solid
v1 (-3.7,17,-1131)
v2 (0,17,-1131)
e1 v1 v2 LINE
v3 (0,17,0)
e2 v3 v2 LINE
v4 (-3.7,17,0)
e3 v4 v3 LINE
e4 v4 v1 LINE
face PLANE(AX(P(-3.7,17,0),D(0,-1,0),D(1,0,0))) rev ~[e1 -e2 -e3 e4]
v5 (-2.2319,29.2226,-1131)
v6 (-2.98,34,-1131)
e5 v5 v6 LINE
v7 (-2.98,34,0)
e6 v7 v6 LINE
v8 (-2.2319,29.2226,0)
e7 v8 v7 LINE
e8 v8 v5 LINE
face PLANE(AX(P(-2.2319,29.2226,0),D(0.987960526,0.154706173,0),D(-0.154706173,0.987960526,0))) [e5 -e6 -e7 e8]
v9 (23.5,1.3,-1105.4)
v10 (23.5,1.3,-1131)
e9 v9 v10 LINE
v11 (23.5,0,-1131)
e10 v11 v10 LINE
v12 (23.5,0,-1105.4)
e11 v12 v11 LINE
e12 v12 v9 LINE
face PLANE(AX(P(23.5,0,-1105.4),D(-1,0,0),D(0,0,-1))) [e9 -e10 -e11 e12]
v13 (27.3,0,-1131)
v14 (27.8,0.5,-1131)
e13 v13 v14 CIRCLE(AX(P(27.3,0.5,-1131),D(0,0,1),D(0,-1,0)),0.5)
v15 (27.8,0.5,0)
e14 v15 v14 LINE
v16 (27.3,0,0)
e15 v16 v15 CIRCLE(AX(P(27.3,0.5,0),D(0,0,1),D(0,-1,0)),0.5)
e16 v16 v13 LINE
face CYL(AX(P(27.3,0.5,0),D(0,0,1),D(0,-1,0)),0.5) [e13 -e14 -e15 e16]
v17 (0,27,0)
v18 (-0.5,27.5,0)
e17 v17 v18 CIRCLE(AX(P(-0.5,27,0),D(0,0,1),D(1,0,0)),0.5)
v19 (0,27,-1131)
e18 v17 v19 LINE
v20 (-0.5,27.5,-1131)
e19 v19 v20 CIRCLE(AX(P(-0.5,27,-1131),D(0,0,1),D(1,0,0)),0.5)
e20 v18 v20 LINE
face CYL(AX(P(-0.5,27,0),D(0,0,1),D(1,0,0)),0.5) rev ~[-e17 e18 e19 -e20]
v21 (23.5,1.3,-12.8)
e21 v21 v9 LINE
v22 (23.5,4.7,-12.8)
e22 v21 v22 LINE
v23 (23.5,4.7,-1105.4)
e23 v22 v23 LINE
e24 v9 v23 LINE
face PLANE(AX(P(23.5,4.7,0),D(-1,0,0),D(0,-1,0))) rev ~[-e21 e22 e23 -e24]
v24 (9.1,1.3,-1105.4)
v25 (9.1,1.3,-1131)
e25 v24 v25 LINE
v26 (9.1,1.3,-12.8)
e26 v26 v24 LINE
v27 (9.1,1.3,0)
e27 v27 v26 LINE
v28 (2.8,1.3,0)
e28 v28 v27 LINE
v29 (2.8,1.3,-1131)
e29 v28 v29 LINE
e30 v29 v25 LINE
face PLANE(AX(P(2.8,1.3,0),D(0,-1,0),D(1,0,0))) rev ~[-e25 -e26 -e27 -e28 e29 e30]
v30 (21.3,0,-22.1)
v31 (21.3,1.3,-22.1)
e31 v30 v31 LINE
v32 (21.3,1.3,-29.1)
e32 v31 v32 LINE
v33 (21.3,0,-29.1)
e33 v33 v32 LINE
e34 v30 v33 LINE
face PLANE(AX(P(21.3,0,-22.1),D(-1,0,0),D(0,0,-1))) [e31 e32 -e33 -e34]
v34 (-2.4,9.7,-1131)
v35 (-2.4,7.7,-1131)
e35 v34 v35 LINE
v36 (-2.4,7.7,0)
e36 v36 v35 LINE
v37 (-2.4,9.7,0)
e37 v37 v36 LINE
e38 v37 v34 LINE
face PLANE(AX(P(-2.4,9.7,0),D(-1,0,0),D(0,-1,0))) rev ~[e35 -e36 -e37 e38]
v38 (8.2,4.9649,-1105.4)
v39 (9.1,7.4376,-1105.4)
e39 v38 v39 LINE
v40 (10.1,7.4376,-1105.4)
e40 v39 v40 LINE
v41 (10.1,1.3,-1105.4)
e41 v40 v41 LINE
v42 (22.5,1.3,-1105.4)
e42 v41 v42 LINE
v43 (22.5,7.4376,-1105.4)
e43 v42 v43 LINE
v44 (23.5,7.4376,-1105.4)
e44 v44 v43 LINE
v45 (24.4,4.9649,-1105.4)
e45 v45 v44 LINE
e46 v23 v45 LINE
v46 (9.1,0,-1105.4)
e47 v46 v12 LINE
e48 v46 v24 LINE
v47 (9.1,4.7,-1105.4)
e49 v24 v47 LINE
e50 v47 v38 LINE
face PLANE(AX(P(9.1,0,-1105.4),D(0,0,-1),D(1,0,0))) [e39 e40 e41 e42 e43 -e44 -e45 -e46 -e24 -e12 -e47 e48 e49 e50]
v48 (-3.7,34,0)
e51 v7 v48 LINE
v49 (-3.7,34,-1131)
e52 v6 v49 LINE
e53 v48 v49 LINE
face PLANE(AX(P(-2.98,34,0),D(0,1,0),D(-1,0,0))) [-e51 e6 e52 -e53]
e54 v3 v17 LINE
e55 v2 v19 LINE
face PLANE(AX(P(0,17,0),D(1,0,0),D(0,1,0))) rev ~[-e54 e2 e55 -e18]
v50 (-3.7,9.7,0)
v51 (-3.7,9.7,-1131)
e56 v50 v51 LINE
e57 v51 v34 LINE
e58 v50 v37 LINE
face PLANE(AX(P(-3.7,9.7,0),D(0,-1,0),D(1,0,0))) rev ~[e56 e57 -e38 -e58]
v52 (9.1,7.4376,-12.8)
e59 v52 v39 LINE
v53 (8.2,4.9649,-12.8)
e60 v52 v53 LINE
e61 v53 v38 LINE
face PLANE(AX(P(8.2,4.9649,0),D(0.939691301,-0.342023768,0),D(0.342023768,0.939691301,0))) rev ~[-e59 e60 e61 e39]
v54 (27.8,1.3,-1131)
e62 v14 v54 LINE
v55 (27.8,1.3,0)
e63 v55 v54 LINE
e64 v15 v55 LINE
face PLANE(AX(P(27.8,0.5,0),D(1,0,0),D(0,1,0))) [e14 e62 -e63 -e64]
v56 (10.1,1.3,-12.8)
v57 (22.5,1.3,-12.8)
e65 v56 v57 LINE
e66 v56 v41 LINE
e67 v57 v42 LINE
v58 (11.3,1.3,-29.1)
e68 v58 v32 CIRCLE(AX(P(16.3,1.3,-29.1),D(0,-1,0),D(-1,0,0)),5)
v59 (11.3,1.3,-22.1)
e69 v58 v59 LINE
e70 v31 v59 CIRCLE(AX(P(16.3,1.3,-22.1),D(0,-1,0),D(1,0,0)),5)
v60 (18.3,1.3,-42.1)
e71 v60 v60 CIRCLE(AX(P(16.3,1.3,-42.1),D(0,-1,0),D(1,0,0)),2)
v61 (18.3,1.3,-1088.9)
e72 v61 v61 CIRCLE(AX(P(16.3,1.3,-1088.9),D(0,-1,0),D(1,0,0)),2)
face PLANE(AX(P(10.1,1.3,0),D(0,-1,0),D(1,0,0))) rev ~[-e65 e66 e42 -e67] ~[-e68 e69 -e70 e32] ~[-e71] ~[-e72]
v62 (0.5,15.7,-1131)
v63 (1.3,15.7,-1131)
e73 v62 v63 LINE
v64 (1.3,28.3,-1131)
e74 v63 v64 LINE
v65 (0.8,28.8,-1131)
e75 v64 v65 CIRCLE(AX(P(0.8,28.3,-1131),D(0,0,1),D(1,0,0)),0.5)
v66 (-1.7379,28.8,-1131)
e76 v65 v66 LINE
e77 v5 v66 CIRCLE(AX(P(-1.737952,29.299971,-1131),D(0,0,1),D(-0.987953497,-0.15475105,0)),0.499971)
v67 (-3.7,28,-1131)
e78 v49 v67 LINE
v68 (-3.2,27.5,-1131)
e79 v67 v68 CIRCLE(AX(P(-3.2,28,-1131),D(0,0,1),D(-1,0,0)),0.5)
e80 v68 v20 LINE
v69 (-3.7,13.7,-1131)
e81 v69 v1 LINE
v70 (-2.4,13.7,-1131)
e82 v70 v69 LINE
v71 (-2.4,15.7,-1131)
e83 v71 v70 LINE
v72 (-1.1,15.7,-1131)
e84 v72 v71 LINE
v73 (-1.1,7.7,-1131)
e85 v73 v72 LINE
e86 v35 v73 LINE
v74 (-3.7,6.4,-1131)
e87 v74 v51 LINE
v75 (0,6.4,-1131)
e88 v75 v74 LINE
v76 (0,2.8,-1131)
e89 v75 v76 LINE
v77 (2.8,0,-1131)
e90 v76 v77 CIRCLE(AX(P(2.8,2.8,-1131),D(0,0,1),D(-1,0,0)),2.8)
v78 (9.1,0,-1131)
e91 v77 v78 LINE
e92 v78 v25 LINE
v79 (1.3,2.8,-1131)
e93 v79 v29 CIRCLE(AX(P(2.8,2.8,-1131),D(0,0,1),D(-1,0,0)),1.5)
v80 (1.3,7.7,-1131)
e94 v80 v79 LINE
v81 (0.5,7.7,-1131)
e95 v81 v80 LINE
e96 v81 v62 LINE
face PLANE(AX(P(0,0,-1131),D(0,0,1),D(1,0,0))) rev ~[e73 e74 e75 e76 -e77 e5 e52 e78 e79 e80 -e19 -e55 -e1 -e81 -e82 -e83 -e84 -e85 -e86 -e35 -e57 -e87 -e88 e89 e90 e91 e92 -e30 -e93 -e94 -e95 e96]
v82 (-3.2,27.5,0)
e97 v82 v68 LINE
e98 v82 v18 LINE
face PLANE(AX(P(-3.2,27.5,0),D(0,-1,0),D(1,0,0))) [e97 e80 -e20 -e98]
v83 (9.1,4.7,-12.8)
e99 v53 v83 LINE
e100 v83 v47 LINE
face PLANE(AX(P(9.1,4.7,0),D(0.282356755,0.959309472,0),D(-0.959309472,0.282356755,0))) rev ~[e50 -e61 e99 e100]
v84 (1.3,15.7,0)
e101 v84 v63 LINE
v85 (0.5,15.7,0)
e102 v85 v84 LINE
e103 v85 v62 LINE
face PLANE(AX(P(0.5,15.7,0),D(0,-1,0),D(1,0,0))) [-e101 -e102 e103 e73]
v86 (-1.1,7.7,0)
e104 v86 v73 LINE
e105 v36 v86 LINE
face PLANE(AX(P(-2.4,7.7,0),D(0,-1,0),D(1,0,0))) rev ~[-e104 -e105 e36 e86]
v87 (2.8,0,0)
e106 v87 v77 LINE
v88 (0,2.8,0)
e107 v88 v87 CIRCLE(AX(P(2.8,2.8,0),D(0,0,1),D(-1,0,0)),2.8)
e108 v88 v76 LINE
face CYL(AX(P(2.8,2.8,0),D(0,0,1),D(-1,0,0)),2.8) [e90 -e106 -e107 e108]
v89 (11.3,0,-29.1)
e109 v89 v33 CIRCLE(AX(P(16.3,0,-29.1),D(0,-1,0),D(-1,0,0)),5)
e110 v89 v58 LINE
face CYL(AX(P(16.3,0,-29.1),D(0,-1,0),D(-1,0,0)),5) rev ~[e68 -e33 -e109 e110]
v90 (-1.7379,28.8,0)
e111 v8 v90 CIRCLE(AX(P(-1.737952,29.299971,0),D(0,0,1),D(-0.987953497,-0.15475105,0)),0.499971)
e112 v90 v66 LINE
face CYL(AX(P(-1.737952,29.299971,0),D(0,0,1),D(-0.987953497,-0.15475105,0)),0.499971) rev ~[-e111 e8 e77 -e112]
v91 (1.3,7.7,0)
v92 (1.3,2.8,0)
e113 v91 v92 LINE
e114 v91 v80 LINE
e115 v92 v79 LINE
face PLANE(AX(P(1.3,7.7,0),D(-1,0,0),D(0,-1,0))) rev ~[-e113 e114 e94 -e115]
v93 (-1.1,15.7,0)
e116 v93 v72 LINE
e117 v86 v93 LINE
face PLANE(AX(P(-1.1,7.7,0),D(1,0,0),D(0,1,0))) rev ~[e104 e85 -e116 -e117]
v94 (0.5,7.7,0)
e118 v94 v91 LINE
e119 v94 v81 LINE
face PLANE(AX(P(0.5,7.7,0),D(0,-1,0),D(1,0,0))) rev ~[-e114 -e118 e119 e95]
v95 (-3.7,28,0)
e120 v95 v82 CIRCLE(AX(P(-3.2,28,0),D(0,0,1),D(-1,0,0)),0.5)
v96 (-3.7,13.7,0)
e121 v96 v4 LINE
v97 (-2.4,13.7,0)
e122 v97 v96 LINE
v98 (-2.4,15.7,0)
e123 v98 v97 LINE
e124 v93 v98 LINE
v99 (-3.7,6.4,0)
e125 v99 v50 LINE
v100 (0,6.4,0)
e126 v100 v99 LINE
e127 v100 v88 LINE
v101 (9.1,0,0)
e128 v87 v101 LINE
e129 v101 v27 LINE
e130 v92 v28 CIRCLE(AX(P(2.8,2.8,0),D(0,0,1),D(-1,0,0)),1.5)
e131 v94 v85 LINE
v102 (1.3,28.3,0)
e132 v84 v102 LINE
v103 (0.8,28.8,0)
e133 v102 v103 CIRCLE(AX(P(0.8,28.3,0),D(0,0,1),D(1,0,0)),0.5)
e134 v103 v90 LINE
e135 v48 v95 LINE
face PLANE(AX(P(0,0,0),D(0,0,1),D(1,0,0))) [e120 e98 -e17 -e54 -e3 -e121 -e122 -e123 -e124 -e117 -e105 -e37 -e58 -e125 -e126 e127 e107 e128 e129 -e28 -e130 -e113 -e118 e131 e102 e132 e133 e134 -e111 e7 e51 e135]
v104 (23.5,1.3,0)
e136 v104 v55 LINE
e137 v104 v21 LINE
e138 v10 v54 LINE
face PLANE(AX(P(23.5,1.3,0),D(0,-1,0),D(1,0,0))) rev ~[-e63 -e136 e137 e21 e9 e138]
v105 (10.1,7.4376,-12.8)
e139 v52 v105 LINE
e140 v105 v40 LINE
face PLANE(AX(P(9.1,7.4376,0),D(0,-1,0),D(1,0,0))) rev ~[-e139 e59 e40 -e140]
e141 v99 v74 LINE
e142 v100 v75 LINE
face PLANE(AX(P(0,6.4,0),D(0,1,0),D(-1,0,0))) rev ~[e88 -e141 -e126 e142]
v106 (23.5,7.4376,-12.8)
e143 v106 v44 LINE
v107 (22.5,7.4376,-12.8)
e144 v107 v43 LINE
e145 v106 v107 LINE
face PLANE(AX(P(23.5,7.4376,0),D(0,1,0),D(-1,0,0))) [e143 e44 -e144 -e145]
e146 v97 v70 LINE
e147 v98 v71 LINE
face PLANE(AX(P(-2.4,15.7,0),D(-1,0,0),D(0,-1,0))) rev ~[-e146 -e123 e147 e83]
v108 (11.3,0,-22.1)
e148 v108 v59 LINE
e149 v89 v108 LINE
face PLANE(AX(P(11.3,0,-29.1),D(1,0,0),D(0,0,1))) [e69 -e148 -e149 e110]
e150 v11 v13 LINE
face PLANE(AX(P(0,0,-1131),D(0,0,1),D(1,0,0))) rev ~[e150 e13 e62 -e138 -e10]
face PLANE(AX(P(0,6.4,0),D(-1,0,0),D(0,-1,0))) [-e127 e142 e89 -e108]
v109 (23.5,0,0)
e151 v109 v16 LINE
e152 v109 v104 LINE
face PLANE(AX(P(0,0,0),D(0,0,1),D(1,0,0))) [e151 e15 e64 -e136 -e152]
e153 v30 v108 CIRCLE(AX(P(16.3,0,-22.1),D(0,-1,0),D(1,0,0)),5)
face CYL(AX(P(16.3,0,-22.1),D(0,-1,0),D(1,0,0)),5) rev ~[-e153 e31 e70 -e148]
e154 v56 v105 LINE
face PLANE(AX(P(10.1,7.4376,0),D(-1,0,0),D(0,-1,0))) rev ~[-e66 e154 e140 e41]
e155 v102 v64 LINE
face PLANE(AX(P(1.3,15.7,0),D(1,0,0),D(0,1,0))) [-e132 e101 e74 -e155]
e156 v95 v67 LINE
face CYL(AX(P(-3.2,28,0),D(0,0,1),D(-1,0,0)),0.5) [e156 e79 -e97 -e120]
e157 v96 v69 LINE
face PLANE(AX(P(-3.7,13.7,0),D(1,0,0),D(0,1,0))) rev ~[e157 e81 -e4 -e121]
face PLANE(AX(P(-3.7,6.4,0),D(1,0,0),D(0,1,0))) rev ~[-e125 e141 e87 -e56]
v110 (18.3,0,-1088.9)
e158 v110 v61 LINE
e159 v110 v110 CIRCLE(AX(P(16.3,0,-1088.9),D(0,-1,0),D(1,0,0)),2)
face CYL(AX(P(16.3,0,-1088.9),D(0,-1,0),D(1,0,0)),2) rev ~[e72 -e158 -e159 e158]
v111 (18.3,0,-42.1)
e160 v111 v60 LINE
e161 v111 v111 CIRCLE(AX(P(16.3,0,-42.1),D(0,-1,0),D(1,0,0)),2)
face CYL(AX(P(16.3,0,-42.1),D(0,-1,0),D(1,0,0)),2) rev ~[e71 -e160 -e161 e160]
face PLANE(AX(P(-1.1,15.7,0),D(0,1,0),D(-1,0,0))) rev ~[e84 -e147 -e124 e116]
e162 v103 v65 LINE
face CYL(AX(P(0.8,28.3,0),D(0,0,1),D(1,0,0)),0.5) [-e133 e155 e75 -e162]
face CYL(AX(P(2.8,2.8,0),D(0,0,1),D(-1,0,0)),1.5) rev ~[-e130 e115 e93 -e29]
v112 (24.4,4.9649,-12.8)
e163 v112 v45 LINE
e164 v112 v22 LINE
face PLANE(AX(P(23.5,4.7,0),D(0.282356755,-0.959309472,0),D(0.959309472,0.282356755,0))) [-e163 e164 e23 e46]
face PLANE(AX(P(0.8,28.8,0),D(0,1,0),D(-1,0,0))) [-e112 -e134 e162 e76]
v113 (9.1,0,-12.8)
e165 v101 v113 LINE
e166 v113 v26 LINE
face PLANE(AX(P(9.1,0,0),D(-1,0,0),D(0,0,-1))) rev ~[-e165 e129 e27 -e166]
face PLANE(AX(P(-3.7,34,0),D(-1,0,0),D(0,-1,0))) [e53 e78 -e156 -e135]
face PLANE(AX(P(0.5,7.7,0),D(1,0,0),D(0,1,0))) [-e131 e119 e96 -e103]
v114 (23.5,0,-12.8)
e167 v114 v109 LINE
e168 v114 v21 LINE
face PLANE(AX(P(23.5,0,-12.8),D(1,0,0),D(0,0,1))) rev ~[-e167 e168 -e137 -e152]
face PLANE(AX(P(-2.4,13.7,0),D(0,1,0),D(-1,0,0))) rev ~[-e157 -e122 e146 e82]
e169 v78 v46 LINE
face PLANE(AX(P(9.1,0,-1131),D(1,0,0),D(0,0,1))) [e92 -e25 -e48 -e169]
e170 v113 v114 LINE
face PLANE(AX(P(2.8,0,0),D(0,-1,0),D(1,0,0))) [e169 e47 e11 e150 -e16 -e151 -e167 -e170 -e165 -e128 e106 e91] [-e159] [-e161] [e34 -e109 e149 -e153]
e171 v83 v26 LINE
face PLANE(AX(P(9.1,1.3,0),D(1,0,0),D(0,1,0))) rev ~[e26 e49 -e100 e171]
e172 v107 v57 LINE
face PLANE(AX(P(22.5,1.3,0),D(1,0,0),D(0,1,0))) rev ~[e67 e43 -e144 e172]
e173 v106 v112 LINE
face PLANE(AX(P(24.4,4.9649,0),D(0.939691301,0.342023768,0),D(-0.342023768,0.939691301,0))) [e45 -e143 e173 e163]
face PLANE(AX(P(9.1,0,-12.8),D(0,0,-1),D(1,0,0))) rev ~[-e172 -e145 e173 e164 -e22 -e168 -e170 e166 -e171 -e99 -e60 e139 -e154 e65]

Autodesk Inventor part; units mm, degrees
ref_plane "YZ Plane" through (0, 0, 0) normal (1, 0, 0) x (0, 1, 0)
sketch "Boceto1" plane through (0, 0, 0) normal (0, 0, 1) x (1, 0, 0)
  line L0 (2.8, 0) -> (27.3, 0)
  line L1 (27.8, 0.5) -> (27.8, 1.3)
  line L2 (0.5, 7.7) -> (1.3, 7.7)
  line L3 (0.5, 7.7) -> (0.5, 15.7)
  line L4 (0.5, 15.7) -> (1.3, 15.7)
  line L5 (1.3, 15.7) -> (1.3, 28.3)
  line L6 (0, 6.4) -> (-3.7, 6.4)
  line L7 (-3.7, 6.4) -> (-3.7, 9.7)
  line L8 (-3.7, 9.7) -> (-2.4, 9.7)
  line L9 (-2.4, 9.7) -> (-2.4, 7.7)
  line L10 (-2.4, 7.7) -> (-1.1, 7.7)
  line L11 (-1.1, 7.7) -> (-1.1, 15.7)
  line L12 (-1.1, 15.7) -> (-2.4, 15.7)
  line L13 (-2.4, 15.7) -> (-2.4, 13.7)
  line L14 (-2.4, 13.7) -> (-3.7, 13.7)
  line L15 (-3.7, 13.7) -> (-3.7, 17)
  line L16 (-3.7, 17) -> (0, 17)
  line L17 (0, 17) -> (0, 27)
  line L18 (0, 6.4) -> (0, 2.8)
  line L19 (0.8, 28.8) -> (-1.7379, 28.8)
  line L20 (-2.2319, 29.2226) -> (-2.98, 34)
  line L21 (-2.98, 34) -> (-3.7, 34)
  line L22 (-3.7, 34) -> (-3.7, 28)
  line L23 (-3.2, 27.5) -> (-0.5, 27.5)
  line L24 (1.3, 7.7) -> (1.3, 2.8)
  line L25 (9.1, 1.3) -> (9.1, 4.7)
  line L26 (10.1, 7.4376) -> (10.1, 1.3)
  line L27 (22.5, 1.3) -> (22.5, 7.4376)
  line L28 (23.5, 4.7) -> (23.5, 1.3)
  line L29 (23.5, 1.3) -> (27.8, 1.3)
  line L30 (2.8, 1.3) -> (9.1, 1.3)
  line L31 (10.1, 1.3) -> (22.5, 1.3)
  arc A0 (0, 2.8) -> (2.8, 0) centre (2.8, 2.8) ccw
  arc A1 (27.3, 0) -> (27.8, 0.5) centre (27.3, 0.5) ccw
  arc A2 (0, 27) -> (-0.5, 27.5) centre (-0.5, 27) ccw
  arc A3 (-3.7, 28) -> (-3.2, 27.5) centre (-3.2, 28) ccw
  arc A4 (1.3, 28.3) -> (0.8, 28.8) centre (0.8, 28.3) ccw
  arc A5 (-2.2319, 29.2226) -> (-1.7379, 28.8) centre (-1.7379, 29.3) ccw
  arc A6 (1.3, 2.8) -> (2.8, 1.3) centre (2.8, 2.8) ccw
  line L32 (23.5, 4.7) -> (24.4, 4.9649)
  line L33 (24.4, 4.9649) -> (23.5, 7.4376)
  line L34 (9.1, 4.7) -> (8.2, 4.9649)
  line L35 (8.2, 4.9649) -> (9.1, 7.4376)
  line L36 (23.5, 10.0894) -> (23.5, -1.1197) construction
  line L37 (23.5, 7.4376) -> (22.5, 7.4376)
  line L38 (9.1, 10.0894) -> (9.1, -1.1197) construction
  line L39 (9.1, 7.4376) -> (10.1, 7.4376)
  point P0 (0, 0)
  point P1 (-1.1, 11.7)
  dimension "d3" = 1.3
  dimension "d4" = 1.3
  dimension "d6" = 1.3
  dimension "d7" = 1.3
  dimension "d9" = 1.3
  dimension "d10" = 1.3
  dimension "d11" = 1.3
  dimension "d15" = 34
  dimension "d16" = 31.5
  dimension "d44" = 6.4
  dimension "d45" = 4
  dimension "d46" = 8
  dimension "d47" = 2
  dimension "d48" = 10.6
  dimension "d49" = 1.3
  dimension "d51" = 0.8
  dimension "d52" = 0.8
  dimension "d53" = 6.5
  dimension "d57" = 98.9
  dimension "d58" = 0.72
  dimension "d60" = 1.6
  dimension "d61" = 2.8
  dimension "d63" = 0.5
  dimension "d64" = 0.5
  dimension "d65" = 31.5
  dimension "d70" = 1.5
  dimension "d71" = 1.3
  dimension "d77" = 3.4
  dimension "d78" = 3.4
  dimension "d80" = 4.3
  dimension "d83" = 16.4
  dimension "d86" = 0.9
  dimension "d87" = 16.4
  dimension "d92" = 70
  dimension "d94" = 1
  dimension "d95" = 0.9
  dimension "d96" = 1
  dimension "d97" = 70
  dimension "d98" = 14.4
  dimension "d99" = 7.8
  dimension "d108" = 2.9
extrude "Extrusión1" add sketch "Boceto1" against normal blind 1131
sketch "Boceto4" plane through (2.8, 0, 0) normal (0, -1, 0) x (1, 0, 0)
  line L0 (0, 0) -> (24.5, 0) projected
  line L1 (20.7, 0) -> (6.3, 0)
  line L2 (6.3, 0) -> (6.3, -12.8)
  line L3 (6.3, -12.8) -> (20.7, -12.8)
  line L4 (20.7, -12.8) -> (20.7, 0)
  line L5 (24.5, 0) -> (24.5, -1131) projected
  line L6 (0, 0) -> (0, -1131) projected
  line L7 (13.5, -22.1) -> (13.5, -29.1) construction
  line L8 (18.5, -22.1) -> (18.5, -29.1)
  line L9 (8.5, -29.1) -> (8.5, -22.1)
  arc A0 (18.5, -22.1) -> (8.5, -22.1) centre (13.5, -22.1) ccw
  arc A1 (8.5, -29.1) -> (18.5, -29.1) centre (13.5, -29.1) ccw
  circle A2 centre (13.5, -42.1) radius 2
  line L10 (13.5, -9.0915) -> (13.5, -53.7508) construction
  line L11 (25, 0) -> (25, -1131) projected
  line L12 (20.7, -1131) -> (6.3, -1131)
  line L13 (6.3, -1131) -> (6.3, -1105.4)
  line L14 (6.3, -1105.4) -> (20.7, -1105.4)
  line L15 (20.7, -1105.4) -> (20.7, -1131)
  line L16 (24.5, -1131) -> (0, -1131) projected
  circle A3 centre (13.5, -1088.9) radius 2
  point P0 (-2.8, 0)
  point P1 (13.5, -25.6)
  point P2 (13.5, -34.1)
  point P3 (13.5, -17.1)
  point P4 (13.5, -12.8)
  dimension "d109" = 12.8
  dimension "d114" = 10
  dimension "d115" = 17
  dimension "d118" = 4.3
  dimension "d121" = 4
  dimension "d125" = 14.4
  dimension "d126" = 4.3
  dimension "d127" = 8
  dimension "d131" = 4.3
  dimension "d132" = 14.4
  dimension "d133" = 25.6
  dimension "d134" = 4
  dimension "d135" = 16.5
  dimension "d136" = 11.5
extrude "Extrusión4" cut sketch "Boceto4" against normal through all contours L0 L4 L3 L2 | L13 L14 L15 L12 | L8 A1 L9 A0 | A2 | A3
ref_plane "Plano de trabajo3" through (0, 0, 0) normal (0, 0, 1) x (1, 0, 0)
sketch "Boceto5" plane through (0, 0, 0) normal (0, 0, 1) x (1, 0, 0)
  line L0 (24.4, 1.8205) -> (8.0624, 1.8205)
  line L1 (8.0624, 1.8205) -> (8.0624, 8.2042)
  line L2 (8.0624, 8.2042) -> (24.4, 8.2042)
  line L3 (24.4, 8.2042) -> (24.4, 1.8205)
  point P0 (0, 0)
extrude "Extrusión5" cut sketch "Boceto5" against normal up to surface (12.8 mm away)
ref_plane "Plano de trabajo4" through (0, 0, -1131) normal (0, 0, -1) x (-1, 0, 0)
sketch "Boceto6" plane through (0, 0, -1131) normal (0, 0, -1) x (-1, 0, 0)
  line L0 (-9.1, 1.3) -> (-2.8, 1.3) projected
  line L1 (-7.3903, 1.3) -> (-24.6588, 1.3)
  line L2 (-24.6588, 1.3) -> (-24.6588, 8.0245)
  line L3 (-24.6588, 8.0245) -> (-7.3903, 8.0245)
  line L4 (-7.3903, 8.0245) -> (-7.3903, 1.3)
  point P0 (0, 0)
extrude "Extrusión6" cut sketch "Boceto6" against normal up to surface (25.6 mm away)
properties part number "SP40-11 TAPETA - ENCUENTRO HOJA CORREDERA 695 mm" material "Aluminio"
